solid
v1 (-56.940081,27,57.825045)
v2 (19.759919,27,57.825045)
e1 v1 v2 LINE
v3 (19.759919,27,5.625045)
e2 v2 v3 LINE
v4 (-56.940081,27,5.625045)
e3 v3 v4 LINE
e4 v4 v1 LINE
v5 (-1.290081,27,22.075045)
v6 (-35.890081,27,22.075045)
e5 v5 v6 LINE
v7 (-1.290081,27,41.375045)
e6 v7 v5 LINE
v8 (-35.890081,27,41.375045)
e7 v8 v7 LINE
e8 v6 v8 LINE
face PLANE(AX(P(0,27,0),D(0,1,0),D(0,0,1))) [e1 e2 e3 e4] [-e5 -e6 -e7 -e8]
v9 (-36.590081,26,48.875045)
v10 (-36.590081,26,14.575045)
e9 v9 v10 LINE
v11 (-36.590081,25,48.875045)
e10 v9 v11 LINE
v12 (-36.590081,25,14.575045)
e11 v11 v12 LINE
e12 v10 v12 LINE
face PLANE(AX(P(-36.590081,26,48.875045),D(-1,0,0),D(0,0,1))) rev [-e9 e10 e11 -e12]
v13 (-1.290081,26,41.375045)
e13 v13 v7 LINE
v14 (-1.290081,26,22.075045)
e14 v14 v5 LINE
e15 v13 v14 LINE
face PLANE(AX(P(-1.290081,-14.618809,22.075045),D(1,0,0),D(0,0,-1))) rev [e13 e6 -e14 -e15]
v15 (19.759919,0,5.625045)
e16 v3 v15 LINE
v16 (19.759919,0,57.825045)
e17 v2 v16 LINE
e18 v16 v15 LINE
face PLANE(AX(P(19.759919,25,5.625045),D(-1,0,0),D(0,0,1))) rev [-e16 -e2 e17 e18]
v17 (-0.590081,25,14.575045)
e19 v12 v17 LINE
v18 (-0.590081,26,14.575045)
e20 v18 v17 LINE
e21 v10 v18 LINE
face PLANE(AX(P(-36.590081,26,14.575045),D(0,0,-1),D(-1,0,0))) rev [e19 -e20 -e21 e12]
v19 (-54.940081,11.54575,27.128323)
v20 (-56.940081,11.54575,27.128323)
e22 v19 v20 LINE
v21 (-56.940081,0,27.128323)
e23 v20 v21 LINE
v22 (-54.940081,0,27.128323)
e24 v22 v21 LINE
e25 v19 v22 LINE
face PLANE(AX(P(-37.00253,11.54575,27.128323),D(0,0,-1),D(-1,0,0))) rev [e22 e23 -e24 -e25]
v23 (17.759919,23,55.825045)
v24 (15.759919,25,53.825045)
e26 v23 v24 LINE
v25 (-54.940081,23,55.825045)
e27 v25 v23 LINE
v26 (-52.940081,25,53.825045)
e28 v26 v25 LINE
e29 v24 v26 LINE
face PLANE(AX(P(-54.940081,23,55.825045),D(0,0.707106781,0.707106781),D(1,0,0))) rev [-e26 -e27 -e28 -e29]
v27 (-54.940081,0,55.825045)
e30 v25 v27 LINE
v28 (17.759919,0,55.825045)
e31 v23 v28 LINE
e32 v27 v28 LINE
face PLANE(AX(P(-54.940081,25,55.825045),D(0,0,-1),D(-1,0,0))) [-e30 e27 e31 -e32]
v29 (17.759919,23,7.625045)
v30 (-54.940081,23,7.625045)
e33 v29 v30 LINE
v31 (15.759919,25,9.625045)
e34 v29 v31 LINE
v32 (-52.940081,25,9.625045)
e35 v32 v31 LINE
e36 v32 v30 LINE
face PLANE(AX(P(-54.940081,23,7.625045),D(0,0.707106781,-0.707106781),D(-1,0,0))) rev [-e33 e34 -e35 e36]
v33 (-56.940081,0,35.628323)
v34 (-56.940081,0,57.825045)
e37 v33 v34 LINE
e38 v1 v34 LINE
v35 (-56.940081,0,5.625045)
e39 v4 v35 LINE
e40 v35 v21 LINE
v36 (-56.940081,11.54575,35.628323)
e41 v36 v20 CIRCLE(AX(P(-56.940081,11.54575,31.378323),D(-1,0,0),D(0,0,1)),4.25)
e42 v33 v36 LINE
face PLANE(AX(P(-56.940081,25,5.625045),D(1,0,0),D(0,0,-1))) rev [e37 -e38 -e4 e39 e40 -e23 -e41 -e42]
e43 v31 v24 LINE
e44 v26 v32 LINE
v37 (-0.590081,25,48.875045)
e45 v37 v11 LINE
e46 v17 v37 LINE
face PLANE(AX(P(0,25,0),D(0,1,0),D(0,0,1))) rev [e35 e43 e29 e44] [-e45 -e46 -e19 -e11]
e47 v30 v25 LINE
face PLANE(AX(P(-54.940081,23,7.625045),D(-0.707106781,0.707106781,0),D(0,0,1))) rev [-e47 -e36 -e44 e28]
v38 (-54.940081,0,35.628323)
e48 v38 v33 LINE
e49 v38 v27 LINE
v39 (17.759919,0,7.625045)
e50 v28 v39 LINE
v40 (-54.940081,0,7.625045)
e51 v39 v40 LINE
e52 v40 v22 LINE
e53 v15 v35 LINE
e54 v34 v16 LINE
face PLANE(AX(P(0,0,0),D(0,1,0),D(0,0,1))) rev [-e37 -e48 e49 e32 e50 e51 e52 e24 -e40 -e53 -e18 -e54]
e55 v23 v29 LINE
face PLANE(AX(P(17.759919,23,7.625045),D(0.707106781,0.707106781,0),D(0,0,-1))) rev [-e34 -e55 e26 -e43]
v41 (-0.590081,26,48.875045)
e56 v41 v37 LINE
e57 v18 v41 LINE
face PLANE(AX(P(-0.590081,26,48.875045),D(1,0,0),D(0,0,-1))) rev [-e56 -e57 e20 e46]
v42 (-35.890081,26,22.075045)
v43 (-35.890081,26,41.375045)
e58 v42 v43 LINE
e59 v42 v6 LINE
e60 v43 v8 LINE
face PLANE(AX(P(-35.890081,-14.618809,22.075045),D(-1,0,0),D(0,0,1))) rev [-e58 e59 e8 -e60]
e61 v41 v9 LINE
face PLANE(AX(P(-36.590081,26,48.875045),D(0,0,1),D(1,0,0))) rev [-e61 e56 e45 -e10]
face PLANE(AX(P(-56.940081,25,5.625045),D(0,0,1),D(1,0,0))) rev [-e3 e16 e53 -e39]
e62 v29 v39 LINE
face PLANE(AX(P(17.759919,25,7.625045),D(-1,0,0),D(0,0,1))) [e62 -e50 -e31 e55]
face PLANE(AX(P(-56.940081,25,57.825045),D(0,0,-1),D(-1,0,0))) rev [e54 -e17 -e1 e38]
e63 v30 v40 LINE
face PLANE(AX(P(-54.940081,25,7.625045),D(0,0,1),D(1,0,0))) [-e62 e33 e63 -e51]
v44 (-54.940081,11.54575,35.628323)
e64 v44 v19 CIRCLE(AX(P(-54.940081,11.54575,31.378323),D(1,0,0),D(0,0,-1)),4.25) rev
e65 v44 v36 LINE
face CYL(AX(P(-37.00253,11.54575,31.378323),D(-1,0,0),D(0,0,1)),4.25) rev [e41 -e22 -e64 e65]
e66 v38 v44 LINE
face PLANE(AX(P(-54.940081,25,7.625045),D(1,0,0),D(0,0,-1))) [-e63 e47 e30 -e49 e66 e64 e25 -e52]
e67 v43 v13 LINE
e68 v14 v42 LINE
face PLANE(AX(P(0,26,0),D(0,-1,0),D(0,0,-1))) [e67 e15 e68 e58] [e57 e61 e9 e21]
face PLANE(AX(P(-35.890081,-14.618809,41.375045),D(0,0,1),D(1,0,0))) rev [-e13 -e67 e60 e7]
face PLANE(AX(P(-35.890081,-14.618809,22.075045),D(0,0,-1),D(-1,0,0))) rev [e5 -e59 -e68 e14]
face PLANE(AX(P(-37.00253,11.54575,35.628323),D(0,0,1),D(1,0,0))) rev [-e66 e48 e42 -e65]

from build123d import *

# Parameters (mm, degrees)
SKETCH_1_W          = 76.7
SKETCH_1_H          = 52.2
SKETCH_1_W_2        = 72.7
SKETCH_1_H_2        = 48.2
EXTRUDE_1_DEPTH     = 25
SKETCH_2_W          = 76.7
SKETCH_2_H          = 52.2
EXTRUDE_2_DEPTH     = 2
SKETCH_3_W          = 34.6
SKETCH_3_H          = 19.3
CUT_EXTRUDE_1_DEPTH = 2
SKETCH_4_W          = 36
SKETCH_4_H          = 34.3
CUT_EXTRUDE_2_DEPTH = 1
CHAMFER_1_SIZE      = 2
CUT_EXTRUDE_3_DEPTH = 2


with BuildPart() as part:
    # Эскиз1 → Бобышка-Вытянуть1 (new body)
    with BuildSketch(Plane(origin=(0, 0, 0), x_dir=(1, 0, 0), z_dir=(0, 1, 0))):
        with Locations((-18.59008079, -31.725044883)):
            Rectangle(SKETCH_1_W, SKETCH_1_H)
        with Locations((-18.59008079, -31.725044883)):
            Rectangle(SKETCH_1_W_2, SKETCH_1_H_2, mode=Mode.SUBTRACT)
    extrude(amount=EXTRUDE_1_DEPTH)

    # Эскиз2 → Бобышка-Вытянуть2 (add)
    with BuildSketch(Plane(origin=(0, 25, 0), x_dir=(1, 0, 0), z_dir=(0, 1, 0))):
        with Locations((-18.59008079, -31.725044883)):
            Rectangle(SKETCH_2_W, SKETCH_2_H)
    extrude(amount=EXTRUDE_2_DEPTH)

    # Эскиз3 → Вырез-Вытянуть1 (cut)
    with BuildSketch(Plane(origin=(0, 27, 0), x_dir=(1, 0, 0), z_dir=(0, 1, 0))):
        with Locations((-18.59008079, -31.725044883)):
            Rectangle(SKETCH_3_W, SKETCH_3_H)
    extrude(amount=-CUT_EXTRUDE_1_DEPTH, mode=Mode.SUBTRACT)

    # Эскиз4 → Вырез-Вытянуть2 (cut)
    with BuildSketch(Plane.XZ.offset(-25)):
        with Locations((-18.59008079, 31.725044883)):
            Rectangle(SKETCH_4_W, SKETCH_4_H)
    extrude(amount=-CUT_EXTRUDE_2_DEPTH, mode=Mode.SUBTRACT)

    # Фаска1
    chamfer_1_edges = [part.edges().sort_by_distance(p)[0] for p in [
        (-54.94008079, 25, 31.725044883),
        (-18.59008079, 25, 55.825044883),
        (17.75991921, 25, 31.725044883),
        (-18.59008079, 25, 7.625044883),
    ]]
    chamfer(chamfer_1_edges, length=CHAMFER_1_SIZE)

    # Эскиз5 → Вырез-Вытянуть3 (cut)
    with BuildSketch(Plane.ZY.offset(56.94008079)):
        with BuildLine():
            Line((35.628323132, 11.545750126), (35.628323132, 0))
            Line((35.628323132, 0), (27.128323132, 0))
            Line((27.128323132, 0), (27.128323132, 11.545750126))
            ThreePointArc((27.128323132, 11.545750126), (31.378323132, 15.795750126), (35.628323132, 11.545750126))
        make_face()
    extrude(amount=-CUT_EXTRUDE_3_DEPTH, mode=Mode.SUBTRACT)


solid = part.part
